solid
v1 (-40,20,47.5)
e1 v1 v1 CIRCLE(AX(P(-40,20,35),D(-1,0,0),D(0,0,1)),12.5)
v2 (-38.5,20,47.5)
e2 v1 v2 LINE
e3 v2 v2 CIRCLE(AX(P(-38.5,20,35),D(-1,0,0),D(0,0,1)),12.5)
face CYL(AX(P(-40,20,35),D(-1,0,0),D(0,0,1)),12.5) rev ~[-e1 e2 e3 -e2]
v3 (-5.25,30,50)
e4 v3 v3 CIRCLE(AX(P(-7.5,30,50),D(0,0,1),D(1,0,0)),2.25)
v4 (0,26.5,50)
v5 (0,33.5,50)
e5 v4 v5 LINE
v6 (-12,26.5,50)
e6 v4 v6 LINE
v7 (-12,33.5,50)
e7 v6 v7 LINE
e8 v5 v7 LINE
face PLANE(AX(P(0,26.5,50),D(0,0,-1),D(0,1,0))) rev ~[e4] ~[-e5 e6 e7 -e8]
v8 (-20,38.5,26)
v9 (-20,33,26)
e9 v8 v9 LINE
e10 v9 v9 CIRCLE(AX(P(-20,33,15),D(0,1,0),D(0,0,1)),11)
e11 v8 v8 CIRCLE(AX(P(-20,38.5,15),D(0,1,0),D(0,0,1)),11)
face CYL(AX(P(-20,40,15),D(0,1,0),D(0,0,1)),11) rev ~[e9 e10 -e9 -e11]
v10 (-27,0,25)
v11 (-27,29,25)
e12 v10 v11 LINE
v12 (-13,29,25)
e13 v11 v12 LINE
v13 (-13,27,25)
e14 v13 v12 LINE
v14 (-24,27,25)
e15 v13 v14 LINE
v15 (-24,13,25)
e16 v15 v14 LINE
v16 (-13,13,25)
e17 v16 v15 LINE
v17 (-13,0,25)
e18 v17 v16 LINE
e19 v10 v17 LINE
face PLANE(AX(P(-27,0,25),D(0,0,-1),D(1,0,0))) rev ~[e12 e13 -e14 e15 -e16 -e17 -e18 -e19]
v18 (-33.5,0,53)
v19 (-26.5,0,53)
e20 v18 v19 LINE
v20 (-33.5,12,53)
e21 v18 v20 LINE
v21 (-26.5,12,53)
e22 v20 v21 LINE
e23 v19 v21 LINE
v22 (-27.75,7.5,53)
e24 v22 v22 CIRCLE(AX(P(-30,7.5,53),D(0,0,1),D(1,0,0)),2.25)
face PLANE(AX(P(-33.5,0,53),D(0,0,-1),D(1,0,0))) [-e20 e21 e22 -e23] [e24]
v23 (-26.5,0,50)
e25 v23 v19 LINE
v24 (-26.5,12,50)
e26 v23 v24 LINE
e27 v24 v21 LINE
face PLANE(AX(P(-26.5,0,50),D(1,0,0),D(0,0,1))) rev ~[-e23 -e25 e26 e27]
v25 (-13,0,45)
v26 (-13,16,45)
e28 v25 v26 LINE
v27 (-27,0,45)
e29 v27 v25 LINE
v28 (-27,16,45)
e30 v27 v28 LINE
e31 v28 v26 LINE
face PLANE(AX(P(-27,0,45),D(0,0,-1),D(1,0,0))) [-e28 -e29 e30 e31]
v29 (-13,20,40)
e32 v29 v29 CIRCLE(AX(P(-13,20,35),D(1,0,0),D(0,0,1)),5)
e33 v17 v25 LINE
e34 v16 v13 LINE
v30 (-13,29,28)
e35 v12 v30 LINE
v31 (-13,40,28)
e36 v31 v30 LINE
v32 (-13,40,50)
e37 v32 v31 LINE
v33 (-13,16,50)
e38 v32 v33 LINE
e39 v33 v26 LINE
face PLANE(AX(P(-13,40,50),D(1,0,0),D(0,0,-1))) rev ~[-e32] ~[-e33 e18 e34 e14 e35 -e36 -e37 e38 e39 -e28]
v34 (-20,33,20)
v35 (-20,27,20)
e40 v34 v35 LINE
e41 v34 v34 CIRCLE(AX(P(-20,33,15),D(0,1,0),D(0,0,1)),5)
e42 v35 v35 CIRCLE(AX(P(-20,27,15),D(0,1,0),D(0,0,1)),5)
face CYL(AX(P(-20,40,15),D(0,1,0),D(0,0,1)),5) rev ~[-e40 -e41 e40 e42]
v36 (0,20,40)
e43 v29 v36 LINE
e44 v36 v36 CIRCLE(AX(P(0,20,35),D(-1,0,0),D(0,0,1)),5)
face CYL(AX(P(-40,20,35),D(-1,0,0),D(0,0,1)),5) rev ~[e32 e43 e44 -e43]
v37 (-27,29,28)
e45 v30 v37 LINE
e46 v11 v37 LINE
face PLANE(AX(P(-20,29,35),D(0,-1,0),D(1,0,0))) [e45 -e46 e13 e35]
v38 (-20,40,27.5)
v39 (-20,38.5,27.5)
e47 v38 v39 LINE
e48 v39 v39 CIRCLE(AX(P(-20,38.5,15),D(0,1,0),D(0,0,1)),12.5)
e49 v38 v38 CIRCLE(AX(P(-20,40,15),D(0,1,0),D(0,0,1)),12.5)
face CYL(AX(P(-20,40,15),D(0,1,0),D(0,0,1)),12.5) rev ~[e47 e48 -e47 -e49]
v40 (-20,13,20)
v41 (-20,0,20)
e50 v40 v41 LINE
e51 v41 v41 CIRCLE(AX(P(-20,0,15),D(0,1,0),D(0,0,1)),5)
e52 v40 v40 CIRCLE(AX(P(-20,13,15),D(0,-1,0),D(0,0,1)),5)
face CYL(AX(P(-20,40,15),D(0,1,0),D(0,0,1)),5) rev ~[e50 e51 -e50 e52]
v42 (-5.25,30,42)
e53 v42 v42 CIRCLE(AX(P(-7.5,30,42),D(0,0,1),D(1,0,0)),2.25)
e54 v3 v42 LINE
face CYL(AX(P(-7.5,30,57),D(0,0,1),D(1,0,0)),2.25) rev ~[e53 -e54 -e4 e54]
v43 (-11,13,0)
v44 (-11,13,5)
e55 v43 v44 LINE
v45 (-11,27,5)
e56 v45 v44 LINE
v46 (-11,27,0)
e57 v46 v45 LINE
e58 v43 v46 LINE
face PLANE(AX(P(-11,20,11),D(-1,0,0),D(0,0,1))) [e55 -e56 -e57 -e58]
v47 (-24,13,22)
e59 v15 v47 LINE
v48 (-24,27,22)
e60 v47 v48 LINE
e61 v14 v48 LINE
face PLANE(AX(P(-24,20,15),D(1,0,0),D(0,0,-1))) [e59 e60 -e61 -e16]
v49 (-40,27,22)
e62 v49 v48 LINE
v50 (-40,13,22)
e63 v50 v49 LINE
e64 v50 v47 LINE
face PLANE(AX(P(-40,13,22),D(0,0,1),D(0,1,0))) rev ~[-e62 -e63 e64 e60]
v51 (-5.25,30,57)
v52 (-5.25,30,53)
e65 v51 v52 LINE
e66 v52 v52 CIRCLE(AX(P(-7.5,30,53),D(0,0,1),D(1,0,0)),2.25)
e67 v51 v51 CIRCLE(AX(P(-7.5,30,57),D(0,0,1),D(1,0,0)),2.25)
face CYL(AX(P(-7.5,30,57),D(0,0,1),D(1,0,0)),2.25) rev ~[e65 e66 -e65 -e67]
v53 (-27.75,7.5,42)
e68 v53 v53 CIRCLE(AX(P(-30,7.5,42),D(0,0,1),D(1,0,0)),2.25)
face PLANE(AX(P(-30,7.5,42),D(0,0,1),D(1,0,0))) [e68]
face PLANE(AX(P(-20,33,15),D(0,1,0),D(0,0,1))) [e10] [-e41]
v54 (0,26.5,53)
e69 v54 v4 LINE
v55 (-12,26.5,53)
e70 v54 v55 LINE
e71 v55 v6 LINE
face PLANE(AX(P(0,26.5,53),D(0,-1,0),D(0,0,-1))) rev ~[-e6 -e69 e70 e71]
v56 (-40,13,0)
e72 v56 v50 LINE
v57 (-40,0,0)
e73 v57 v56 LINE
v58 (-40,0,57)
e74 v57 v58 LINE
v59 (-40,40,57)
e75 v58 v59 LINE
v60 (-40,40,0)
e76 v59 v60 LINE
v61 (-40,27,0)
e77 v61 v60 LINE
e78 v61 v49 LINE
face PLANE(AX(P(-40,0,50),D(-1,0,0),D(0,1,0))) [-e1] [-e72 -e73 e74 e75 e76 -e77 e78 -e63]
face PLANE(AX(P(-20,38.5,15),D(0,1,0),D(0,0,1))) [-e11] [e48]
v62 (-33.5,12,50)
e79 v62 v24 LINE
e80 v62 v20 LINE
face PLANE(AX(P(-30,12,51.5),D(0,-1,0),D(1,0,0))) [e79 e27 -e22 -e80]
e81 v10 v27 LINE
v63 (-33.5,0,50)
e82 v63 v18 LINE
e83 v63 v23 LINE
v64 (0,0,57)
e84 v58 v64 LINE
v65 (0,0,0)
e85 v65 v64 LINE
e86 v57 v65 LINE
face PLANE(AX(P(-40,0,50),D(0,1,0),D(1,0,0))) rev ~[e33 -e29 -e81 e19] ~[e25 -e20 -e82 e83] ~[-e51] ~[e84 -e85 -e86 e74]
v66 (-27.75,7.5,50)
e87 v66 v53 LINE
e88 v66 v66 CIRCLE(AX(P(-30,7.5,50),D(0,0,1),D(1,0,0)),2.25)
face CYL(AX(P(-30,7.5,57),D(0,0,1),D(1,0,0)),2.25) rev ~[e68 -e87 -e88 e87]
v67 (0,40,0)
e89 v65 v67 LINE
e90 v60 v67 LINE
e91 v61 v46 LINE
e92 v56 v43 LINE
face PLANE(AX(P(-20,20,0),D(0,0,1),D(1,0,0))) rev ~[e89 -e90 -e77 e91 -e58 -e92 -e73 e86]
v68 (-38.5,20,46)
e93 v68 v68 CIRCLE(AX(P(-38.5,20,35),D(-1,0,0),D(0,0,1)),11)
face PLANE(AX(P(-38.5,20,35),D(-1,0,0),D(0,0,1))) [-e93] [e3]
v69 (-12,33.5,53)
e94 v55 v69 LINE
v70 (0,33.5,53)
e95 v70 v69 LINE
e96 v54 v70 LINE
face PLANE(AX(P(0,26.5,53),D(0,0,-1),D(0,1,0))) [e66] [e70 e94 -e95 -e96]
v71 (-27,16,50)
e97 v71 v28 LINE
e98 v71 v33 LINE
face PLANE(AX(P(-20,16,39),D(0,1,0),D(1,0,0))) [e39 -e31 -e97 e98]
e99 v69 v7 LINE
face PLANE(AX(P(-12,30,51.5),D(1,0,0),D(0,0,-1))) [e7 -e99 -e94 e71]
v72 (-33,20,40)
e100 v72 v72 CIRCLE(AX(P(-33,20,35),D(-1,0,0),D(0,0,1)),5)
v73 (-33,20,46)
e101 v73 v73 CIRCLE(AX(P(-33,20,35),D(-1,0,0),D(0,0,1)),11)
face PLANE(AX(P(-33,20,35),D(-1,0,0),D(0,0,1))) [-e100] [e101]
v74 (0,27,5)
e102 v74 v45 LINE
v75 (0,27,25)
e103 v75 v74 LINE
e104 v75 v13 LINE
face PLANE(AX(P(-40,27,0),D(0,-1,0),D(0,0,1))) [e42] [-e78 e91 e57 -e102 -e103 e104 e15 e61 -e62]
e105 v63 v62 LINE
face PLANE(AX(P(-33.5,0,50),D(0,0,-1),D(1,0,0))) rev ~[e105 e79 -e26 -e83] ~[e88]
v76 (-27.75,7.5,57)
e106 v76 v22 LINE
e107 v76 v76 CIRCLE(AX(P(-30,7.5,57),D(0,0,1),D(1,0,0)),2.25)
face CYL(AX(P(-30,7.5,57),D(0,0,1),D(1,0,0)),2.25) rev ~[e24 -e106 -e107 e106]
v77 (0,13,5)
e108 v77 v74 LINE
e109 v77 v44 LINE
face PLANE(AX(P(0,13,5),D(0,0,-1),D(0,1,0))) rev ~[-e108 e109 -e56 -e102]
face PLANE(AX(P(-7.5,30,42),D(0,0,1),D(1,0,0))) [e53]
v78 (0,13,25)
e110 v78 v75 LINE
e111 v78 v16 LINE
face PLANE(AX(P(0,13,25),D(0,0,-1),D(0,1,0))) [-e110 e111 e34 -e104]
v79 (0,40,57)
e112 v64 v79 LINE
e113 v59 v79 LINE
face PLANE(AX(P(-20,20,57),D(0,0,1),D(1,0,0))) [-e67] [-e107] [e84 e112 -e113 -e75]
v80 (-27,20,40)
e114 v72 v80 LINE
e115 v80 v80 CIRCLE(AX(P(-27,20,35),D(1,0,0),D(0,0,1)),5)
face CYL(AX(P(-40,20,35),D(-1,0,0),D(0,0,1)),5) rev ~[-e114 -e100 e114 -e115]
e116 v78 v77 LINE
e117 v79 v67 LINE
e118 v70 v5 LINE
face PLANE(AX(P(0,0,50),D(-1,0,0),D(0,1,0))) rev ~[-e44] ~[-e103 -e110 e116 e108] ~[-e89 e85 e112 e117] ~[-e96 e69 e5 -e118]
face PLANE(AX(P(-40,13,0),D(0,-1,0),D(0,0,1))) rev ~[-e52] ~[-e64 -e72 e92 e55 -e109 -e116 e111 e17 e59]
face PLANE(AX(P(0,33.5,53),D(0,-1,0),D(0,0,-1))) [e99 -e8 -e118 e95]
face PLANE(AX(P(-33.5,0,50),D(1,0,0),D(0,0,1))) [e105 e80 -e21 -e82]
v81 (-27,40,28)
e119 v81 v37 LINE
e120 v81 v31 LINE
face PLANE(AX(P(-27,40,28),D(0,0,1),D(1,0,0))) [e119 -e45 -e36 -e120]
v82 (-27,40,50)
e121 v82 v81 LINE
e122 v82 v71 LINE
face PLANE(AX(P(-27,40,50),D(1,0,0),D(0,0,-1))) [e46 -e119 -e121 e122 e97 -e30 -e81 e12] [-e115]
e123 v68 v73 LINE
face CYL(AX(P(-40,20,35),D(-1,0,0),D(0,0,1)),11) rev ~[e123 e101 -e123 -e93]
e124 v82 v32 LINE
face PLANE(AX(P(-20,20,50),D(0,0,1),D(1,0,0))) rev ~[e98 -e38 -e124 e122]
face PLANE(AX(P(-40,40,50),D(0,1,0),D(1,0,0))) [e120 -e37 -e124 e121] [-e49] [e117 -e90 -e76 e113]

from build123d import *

# Parameters (mm, degrees)
ESQUISSE1_W              = 40
ESQUISSE1_H              = 40
BOSS_EXTRU_1_DEPTH       = 50
ESQUISSE2_R              = 5
ENL_V_MAT_EXTRU_1_DEPTH  = 41
ESQUISSE3_R              = 5
ENL_V_MAT_EXTRU_2_DEPTH  = 41
ESQUISSE4_W              = 22
ESQUISSE4_H              = 14
ENL_V_MAT_EXTRU_3_DEPTH  = 29
ESQUISSE5_W              = 14
ESQUISSE5_H              = 20
ENL_V_MAT_EXTRU_4_DEPTH  = 29
ESQUISSE6_W              = 20
ESQUISSE6_H              = 14
ENL_V_MAT_EXTRU_5_DEPTH  = 24
ESQUISSE7_W              = 14
ESQUISSE7_H              = 22
ENL_V_MAT_EXTRU_6_DEPTH  = 24
ESQUISSE10_R             = 11
ENL_V_MAT_EXTRU_9_DEPTH  = 7
ESQUISSE11_R             = 12.5
ENL_V_MAT_EXTRU_10_DEPTH = 1.5
ESQUISSE14_R             = 11
ENL_V_MAT_EXTRU_11_DEPTH = 7
ESQUISSE15_R             = 12.5
ENL_V_MAT_EXTRU_12_DEPTH = 1.5
ESQUISSE16_W             = 40
ESQUISSE16_H             = 40
BOSS_EXTRU_2_DEPTH       = 7
ESQUISSE17_R             = 2.25
ENL_V_MAT_EXTRU_13_DEPTH = 15
ESQUISSE18_W             = 7
ESQUISSE18_H             = 3
ENL_V_MAT_EXTRU_14_DEPTH = 12
ESQUISSE19_W             = 3
ESQUISSE19_H             = 7
ENL_V_MAT_EXTRU_15_DEPTH = 12


with BuildPart() as part:
    # Esquisse1 → Boss.-Extru.1 (new body)
    with BuildSketch(Plane.XY):
        with Locations((-20, 20)):
            Rectangle(ESQUISSE1_W, ESQUISSE1_H)
    extrude(amount=BOSS_EXTRU_1_DEPTH)

    # Esquisse2 → Enlèv. mat.-Extru.1 (cut, through all)
    with BuildSketch(Plane(origin=(0, 40, 0), x_dir=(1, 0, 0), z_dir=(0, 1, 0))):
        with Locations(Location((-20, -15, 0), (0, 0, 270))):  # turned: the seam where the file's is
            Circle(ESQUISSE2_R)
    extrude(amount=-ENL_V_MAT_EXTRU_1_DEPTH, mode=Mode.SUBTRACT)

    # Esquisse3 → Enlèv. mat.-Extru.2 (cut, through all)
    with BuildSketch(Plane.ZY.offset(40)):
        with Locations((35, 20)):
            Circle(ESQUISSE3_R)
    extrude(amount=-ENL_V_MAT_EXTRU_2_DEPTH, mode=Mode.SUBTRACT)

    # Esquisse4 → Enlèv. mat.-Extru.3 (cut)
    with BuildSketch(Plane.ZY.offset(40)):
        with Locations((11, 20)):
            Rectangle(ESQUISSE4_W, ESQUISSE4_H)
    extrude(amount=-ENL_V_MAT_EXTRU_3_DEPTH, mode=Mode.SUBTRACT)

    # Esquisse5 → Enlèv. mat.-Extru.4 (cut)
    with BuildSketch(Plane.XZ):
        with Locations((-20, 35)):
            Rectangle(ESQUISSE5_W, ESQUISSE5_H)
    extrude(amount=-ENL_V_MAT_EXTRU_4_DEPTH, mode=Mode.SUBTRACT)

    # Esquisse6 → Enlèv. mat.-Extru.5 (cut)
    with BuildSketch(Plane(origin=(0, 0, 0), x_dir=(0, 0, -1), z_dir=(1, 0, 0))):
        with Locations((-15, 20)):
            Rectangle(ESQUISSE6_W, ESQUISSE6_H)
    extrude(amount=-ENL_V_MAT_EXTRU_5_DEPTH, mode=Mode.SUBTRACT)

    # Esquisse7 → Enlèv. mat.-Extru.6 (cut)
    with BuildSketch(Plane(origin=(0, 40, 0), x_dir=(1, 0, 0), z_dir=(0, 1, 0))):
        with Locations((-20, -39)):
            Rectangle(ESQUISSE7_W, ESQUISSE7_H)
    extrude(amount=-ENL_V_MAT_EXTRU_6_DEPTH, mode=Mode.SUBTRACT)

    # Esquisse10 → Enlèv. mat.-Extru.9 (cut)
    with BuildSketch(Plane(origin=(0, 40, 0), x_dir=(1, 0, 0), z_dir=(0, 1, 0))):
        with Locations(Location((-20, -15, 0), (0, 0, 270))):  # turned: the seam where the file's is
            Circle(ESQUISSE10_R)
    extrude(amount=-ENL_V_MAT_EXTRU_9_DEPTH, mode=Mode.SUBTRACT)

    # Esquisse11 → Enlèv. mat.-Extru.10 (cut)
    with BuildSketch(Plane(origin=(0, 40, 0), x_dir=(1, 0, 0), z_dir=(0, 1, 0))):
        with Locations(Location((-20, -15, 0), (0, 0, 270))):  # turned: the seam where the file's is
            Circle(ESQUISSE11_R)
    extrude(amount=-ENL_V_MAT_EXTRU_10_DEPTH, mode=Mode.SUBTRACT)

    # Esquisse14 → Enlèv. mat.-Extru.11 (cut)
    with BuildSketch(Plane.ZY.offset(40)):
        with Locations((35, 20)):
            Circle(ESQUISSE14_R)
    extrude(amount=-ENL_V_MAT_EXTRU_11_DEPTH, mode=Mode.SUBTRACT)

    # Esquisse15 → Enlèv. mat.-Extru.12 (cut)
    with BuildSketch(Plane.ZY.offset(40)):
        with Locations((35, 20)):
            Circle(ESQUISSE15_R)
    extrude(amount=-ENL_V_MAT_EXTRU_12_DEPTH, mode=Mode.SUBTRACT)

    # Esquisse16 → Boss.-Extru.2 (add)
    with BuildSketch(Plane.XY.offset(50)):
        with Locations((-20, 20)):
            Rectangle(ESQUISSE16_W, ESQUISSE16_H)
    extrude(amount=BOSS_EXTRU_2_DEPTH)

    # Esquisse17 → Enlèv. mat.-Extru.13 (cut)
    with BuildSketch(Plane.XY.offset(57)):
        with Locations((-30, 7.5)):
            Circle(ESQUISSE17_R)
        with Locations((-7.5, 30)):
            Circle(ESQUISSE17_R)
    extrude(amount=-ENL_V_MAT_EXTRU_13_DEPTH, mode=Mode.SUBTRACT)

    # Esquisse18 → Enlèv. mat.-Extru.14 (cut)
    with BuildSketch(Plane.XZ):
        with Locations((-30, 51.5)):
            Rectangle(ESQUISSE18_W, ESQUISSE18_H)
    extrude(amount=-ENL_V_MAT_EXTRU_14_DEPTH, mode=Mode.SUBTRACT)

    # Esquisse19 → Enlèv. mat.-Extru.15 (cut)
    with BuildSketch(Plane(origin=(0, 0, 0), x_dir=(0, 0, -1), z_dir=(1, 0, 0))):
        with Locations((-51.5, 30)):
            Rectangle(ESQUISSE19_W, ESQUISSE19_H)
    extrude(amount=-ENL_V_MAT_EXTRU_15_DEPTH, mode=Mode.SUBTRACT)


solid = part.part
